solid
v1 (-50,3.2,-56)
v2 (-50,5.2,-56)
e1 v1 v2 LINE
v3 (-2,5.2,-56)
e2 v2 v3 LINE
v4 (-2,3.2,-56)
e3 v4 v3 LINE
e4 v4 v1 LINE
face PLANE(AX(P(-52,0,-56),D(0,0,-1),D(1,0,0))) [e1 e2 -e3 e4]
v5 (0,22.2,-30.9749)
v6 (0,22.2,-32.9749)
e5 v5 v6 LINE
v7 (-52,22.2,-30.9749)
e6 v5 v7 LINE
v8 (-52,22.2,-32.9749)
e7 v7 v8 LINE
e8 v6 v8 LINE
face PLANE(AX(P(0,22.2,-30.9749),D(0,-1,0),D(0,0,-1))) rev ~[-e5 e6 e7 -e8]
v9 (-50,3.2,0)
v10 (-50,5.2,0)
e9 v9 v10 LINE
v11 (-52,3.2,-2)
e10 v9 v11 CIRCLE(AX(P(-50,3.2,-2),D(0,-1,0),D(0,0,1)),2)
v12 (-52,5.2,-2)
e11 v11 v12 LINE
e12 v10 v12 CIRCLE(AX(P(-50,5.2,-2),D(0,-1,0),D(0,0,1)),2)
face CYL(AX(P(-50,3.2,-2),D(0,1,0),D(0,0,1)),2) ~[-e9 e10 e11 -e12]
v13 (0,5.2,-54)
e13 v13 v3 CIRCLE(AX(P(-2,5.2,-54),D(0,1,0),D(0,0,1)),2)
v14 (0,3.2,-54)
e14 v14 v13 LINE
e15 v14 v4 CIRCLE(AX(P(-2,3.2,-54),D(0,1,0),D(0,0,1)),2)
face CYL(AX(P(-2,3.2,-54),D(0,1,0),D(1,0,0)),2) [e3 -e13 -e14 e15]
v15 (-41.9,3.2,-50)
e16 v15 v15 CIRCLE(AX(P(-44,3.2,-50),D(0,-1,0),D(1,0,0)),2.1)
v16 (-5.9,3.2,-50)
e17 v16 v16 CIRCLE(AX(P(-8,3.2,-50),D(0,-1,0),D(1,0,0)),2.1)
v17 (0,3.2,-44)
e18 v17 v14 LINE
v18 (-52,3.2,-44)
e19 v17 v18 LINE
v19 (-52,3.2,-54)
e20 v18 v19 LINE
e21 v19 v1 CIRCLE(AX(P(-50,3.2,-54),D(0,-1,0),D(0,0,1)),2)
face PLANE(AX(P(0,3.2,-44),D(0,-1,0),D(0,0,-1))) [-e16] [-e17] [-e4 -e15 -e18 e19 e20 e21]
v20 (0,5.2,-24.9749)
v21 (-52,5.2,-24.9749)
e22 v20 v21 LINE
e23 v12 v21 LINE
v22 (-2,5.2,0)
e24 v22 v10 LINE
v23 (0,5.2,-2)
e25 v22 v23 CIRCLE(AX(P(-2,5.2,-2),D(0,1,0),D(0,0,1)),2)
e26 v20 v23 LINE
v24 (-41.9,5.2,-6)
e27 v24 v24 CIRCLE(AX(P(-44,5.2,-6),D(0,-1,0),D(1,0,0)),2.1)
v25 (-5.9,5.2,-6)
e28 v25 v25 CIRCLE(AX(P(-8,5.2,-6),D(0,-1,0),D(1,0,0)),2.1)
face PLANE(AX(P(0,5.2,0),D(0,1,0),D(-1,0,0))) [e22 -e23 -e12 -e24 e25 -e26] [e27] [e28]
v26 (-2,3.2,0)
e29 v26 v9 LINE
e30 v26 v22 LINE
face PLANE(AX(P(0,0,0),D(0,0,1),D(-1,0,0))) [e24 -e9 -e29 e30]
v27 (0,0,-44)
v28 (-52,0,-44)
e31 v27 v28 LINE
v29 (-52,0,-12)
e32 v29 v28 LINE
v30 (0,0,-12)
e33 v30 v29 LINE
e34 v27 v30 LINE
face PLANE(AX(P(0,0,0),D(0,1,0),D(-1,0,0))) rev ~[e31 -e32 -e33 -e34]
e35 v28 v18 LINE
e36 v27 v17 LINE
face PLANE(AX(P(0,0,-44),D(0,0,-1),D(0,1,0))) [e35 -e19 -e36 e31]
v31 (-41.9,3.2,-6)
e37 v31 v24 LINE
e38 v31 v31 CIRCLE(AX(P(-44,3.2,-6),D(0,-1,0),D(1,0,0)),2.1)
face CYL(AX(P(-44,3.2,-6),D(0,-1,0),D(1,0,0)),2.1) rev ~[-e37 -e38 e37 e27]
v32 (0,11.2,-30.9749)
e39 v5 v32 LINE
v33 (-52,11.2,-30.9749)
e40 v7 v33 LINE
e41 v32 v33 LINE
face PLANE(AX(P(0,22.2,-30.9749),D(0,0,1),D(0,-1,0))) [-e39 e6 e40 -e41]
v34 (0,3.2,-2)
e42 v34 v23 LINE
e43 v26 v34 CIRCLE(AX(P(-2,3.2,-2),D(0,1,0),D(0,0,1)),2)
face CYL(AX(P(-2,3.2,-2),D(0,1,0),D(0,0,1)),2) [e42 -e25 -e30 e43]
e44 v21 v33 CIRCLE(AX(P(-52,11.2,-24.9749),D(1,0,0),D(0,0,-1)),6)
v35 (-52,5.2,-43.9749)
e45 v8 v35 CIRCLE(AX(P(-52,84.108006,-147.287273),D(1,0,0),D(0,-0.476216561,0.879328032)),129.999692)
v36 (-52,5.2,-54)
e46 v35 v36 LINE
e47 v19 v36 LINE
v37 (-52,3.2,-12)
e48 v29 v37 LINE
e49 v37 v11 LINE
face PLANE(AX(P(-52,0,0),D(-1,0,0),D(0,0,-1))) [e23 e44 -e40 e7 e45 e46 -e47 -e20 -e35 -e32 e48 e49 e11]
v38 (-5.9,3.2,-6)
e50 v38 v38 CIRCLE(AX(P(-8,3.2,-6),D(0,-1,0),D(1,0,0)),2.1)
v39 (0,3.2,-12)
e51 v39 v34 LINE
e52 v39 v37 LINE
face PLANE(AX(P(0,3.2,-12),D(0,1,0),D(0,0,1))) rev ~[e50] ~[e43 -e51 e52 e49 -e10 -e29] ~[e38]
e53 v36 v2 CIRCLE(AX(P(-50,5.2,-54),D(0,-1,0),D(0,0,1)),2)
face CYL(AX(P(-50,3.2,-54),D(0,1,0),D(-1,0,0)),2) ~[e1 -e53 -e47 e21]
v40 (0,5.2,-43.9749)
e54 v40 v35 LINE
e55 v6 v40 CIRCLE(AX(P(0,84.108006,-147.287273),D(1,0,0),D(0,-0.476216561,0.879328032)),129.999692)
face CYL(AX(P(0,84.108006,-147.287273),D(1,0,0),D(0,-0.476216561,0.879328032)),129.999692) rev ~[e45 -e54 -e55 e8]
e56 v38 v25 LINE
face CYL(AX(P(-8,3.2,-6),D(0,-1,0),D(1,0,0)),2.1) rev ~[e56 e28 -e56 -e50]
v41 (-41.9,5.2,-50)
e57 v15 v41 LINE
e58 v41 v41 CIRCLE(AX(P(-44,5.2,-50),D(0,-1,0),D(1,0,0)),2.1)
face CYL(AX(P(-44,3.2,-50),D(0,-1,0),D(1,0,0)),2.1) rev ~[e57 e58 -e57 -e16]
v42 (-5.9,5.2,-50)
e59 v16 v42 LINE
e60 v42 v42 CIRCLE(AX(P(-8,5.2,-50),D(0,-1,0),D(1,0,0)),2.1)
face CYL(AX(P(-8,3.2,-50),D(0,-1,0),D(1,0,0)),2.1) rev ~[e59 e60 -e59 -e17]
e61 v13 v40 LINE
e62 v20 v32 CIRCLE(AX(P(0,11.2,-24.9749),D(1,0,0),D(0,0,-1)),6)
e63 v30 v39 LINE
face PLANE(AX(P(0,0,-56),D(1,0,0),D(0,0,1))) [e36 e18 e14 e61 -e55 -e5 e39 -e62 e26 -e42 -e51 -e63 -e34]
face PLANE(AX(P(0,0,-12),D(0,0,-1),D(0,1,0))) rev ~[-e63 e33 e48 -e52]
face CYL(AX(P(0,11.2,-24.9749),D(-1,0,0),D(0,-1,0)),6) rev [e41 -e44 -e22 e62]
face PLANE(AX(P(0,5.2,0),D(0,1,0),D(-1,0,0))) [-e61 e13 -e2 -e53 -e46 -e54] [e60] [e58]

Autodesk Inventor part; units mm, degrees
ref_plane "YZ Plane" through (0, 0, 0) normal (1, 0, 0) x (0, 1, 0)
ref_plane "XZ Plane" through (0, 0, 0) normal (0, 1, 0) x (-1, 0, 0)
ref_plane "XY Plane" through (0, 0, 0) normal (0, 0, 1) x (1, 0, 0)
sketch "Эскиз1" plane through (0, 0, 0) normal (0, 1, 0) x (-1, 0, 0)
  line L0 (0, 0) -> (52, 0)
  line L1 (52, 0) -> (52, -56)
  line L2 (52, -56) -> (0, -56)
  line L3 (0, -56) -> (0, 0)
  dimension "d0" = 56
  dimension "d9" = 52
extrude "Выдавливание1" add sketch "Эскиз1" along normal blind 5.2
sketch "Эскиз2" plane through (0, 0, 0) normal (1, 0, 0) x (0, 0, -1)
  line L0 (56, 0) -> (0, 0) projected
  line L1 (0, 0) -> (12, 0)
  line L2 (12, 0) -> (12, 3.2)
  line L3 (12, 3.2) -> (0, 3.2)
  line L4 (0, 3.2) -> (0, 0)
  line L5 (56, 0) -> (56, 5.2) projected
  line L6 (56, 0) -> (44, 0)
  line L7 (44, 0) -> (44, 3.2)
  line L8 (44, 3.2) -> (56, 3.2)
  line L9 (56, 3.2) -> (56, 0)
  dimension "d3" = 12
  dimension "d4" = 3.2
  dimension "d5" = 12
  dimension "d6" = 3.2
extrude "Выдавливание2" cut sketch "Эскиз2" against normal up to surface (52 mm away)
sketch "Эскиз3" plane through (0, 3.2, -12) normal (0, -1, 0) x (1, 0, 0)
  circle A0 centre (-8, 6) radius 2.1
  line L0 (0, 12) -> (0, 0) projected
  line L1 (-52, 12) -> (0, 12) projected
  circle A1 centre (-44, 6) radius 2.1
  line L2 (-52, 0) -> (-52, 12) projected
  circle A2 centre (-44, -38) radius 2.1
  line L3 (-52, -44) -> (-52, -32) projected
  line L4 (0, -44) -> (-52, -44) projected
  circle A3 centre (-8, -38) radius 2.1
  line L5 (0, -32) -> (0, -44) projected
  point P0 (0, 6)
  dimension "d10" = 4.2
  dimension "d11" = 8
  dimension "d12" = 6
  dimension "d13" = 4.2
  dimension "d14" = 6
  dimension "d15" = 8
  dimension "d16" = 4.2
  dimension "d17" = 8
  dimension "d18" = 6
  dimension "d19" = 4.2
  dimension "d20" = 8
  dimension "d21" = 6
extrude "Выдавливание3" cut sketch "Эскиз3" against normal blind 10
fillet "Сопряжение1" radius 2 4 edges at (0, 4.2, 0) (0, 4.2, -56) (-52, 4.2, -56) (-52, 4.2, 0)
sketch "Эскиз4" plane through (0, 0, -12) normal (1, 0, 0) x (0, 0, -1)
  line L0 (31.9749, 5.2) -> (18.9749, 5.2)
  line L1 (18.9749, 22.2) -> (18.9749, 5.2)
  line L2 (18.9749, 22.2) -> (20.9749, 22.2)
  arc A0 (20.9749, 22.2) -> (31.9749, 5.2) centre (135.2876, 84.1082) ccw
  point P0 (-12, 0)
  dimension "d26" = 13
  dimension "d34" = 2
  dimension "d35" = 130
extrude "Выдавливание4" add sketch "Эскиз4" against normal up to surface (52 mm away)
fillet "Сопряжение3" radius 6 1 edges at (-26, 5.2, -30.9749)
